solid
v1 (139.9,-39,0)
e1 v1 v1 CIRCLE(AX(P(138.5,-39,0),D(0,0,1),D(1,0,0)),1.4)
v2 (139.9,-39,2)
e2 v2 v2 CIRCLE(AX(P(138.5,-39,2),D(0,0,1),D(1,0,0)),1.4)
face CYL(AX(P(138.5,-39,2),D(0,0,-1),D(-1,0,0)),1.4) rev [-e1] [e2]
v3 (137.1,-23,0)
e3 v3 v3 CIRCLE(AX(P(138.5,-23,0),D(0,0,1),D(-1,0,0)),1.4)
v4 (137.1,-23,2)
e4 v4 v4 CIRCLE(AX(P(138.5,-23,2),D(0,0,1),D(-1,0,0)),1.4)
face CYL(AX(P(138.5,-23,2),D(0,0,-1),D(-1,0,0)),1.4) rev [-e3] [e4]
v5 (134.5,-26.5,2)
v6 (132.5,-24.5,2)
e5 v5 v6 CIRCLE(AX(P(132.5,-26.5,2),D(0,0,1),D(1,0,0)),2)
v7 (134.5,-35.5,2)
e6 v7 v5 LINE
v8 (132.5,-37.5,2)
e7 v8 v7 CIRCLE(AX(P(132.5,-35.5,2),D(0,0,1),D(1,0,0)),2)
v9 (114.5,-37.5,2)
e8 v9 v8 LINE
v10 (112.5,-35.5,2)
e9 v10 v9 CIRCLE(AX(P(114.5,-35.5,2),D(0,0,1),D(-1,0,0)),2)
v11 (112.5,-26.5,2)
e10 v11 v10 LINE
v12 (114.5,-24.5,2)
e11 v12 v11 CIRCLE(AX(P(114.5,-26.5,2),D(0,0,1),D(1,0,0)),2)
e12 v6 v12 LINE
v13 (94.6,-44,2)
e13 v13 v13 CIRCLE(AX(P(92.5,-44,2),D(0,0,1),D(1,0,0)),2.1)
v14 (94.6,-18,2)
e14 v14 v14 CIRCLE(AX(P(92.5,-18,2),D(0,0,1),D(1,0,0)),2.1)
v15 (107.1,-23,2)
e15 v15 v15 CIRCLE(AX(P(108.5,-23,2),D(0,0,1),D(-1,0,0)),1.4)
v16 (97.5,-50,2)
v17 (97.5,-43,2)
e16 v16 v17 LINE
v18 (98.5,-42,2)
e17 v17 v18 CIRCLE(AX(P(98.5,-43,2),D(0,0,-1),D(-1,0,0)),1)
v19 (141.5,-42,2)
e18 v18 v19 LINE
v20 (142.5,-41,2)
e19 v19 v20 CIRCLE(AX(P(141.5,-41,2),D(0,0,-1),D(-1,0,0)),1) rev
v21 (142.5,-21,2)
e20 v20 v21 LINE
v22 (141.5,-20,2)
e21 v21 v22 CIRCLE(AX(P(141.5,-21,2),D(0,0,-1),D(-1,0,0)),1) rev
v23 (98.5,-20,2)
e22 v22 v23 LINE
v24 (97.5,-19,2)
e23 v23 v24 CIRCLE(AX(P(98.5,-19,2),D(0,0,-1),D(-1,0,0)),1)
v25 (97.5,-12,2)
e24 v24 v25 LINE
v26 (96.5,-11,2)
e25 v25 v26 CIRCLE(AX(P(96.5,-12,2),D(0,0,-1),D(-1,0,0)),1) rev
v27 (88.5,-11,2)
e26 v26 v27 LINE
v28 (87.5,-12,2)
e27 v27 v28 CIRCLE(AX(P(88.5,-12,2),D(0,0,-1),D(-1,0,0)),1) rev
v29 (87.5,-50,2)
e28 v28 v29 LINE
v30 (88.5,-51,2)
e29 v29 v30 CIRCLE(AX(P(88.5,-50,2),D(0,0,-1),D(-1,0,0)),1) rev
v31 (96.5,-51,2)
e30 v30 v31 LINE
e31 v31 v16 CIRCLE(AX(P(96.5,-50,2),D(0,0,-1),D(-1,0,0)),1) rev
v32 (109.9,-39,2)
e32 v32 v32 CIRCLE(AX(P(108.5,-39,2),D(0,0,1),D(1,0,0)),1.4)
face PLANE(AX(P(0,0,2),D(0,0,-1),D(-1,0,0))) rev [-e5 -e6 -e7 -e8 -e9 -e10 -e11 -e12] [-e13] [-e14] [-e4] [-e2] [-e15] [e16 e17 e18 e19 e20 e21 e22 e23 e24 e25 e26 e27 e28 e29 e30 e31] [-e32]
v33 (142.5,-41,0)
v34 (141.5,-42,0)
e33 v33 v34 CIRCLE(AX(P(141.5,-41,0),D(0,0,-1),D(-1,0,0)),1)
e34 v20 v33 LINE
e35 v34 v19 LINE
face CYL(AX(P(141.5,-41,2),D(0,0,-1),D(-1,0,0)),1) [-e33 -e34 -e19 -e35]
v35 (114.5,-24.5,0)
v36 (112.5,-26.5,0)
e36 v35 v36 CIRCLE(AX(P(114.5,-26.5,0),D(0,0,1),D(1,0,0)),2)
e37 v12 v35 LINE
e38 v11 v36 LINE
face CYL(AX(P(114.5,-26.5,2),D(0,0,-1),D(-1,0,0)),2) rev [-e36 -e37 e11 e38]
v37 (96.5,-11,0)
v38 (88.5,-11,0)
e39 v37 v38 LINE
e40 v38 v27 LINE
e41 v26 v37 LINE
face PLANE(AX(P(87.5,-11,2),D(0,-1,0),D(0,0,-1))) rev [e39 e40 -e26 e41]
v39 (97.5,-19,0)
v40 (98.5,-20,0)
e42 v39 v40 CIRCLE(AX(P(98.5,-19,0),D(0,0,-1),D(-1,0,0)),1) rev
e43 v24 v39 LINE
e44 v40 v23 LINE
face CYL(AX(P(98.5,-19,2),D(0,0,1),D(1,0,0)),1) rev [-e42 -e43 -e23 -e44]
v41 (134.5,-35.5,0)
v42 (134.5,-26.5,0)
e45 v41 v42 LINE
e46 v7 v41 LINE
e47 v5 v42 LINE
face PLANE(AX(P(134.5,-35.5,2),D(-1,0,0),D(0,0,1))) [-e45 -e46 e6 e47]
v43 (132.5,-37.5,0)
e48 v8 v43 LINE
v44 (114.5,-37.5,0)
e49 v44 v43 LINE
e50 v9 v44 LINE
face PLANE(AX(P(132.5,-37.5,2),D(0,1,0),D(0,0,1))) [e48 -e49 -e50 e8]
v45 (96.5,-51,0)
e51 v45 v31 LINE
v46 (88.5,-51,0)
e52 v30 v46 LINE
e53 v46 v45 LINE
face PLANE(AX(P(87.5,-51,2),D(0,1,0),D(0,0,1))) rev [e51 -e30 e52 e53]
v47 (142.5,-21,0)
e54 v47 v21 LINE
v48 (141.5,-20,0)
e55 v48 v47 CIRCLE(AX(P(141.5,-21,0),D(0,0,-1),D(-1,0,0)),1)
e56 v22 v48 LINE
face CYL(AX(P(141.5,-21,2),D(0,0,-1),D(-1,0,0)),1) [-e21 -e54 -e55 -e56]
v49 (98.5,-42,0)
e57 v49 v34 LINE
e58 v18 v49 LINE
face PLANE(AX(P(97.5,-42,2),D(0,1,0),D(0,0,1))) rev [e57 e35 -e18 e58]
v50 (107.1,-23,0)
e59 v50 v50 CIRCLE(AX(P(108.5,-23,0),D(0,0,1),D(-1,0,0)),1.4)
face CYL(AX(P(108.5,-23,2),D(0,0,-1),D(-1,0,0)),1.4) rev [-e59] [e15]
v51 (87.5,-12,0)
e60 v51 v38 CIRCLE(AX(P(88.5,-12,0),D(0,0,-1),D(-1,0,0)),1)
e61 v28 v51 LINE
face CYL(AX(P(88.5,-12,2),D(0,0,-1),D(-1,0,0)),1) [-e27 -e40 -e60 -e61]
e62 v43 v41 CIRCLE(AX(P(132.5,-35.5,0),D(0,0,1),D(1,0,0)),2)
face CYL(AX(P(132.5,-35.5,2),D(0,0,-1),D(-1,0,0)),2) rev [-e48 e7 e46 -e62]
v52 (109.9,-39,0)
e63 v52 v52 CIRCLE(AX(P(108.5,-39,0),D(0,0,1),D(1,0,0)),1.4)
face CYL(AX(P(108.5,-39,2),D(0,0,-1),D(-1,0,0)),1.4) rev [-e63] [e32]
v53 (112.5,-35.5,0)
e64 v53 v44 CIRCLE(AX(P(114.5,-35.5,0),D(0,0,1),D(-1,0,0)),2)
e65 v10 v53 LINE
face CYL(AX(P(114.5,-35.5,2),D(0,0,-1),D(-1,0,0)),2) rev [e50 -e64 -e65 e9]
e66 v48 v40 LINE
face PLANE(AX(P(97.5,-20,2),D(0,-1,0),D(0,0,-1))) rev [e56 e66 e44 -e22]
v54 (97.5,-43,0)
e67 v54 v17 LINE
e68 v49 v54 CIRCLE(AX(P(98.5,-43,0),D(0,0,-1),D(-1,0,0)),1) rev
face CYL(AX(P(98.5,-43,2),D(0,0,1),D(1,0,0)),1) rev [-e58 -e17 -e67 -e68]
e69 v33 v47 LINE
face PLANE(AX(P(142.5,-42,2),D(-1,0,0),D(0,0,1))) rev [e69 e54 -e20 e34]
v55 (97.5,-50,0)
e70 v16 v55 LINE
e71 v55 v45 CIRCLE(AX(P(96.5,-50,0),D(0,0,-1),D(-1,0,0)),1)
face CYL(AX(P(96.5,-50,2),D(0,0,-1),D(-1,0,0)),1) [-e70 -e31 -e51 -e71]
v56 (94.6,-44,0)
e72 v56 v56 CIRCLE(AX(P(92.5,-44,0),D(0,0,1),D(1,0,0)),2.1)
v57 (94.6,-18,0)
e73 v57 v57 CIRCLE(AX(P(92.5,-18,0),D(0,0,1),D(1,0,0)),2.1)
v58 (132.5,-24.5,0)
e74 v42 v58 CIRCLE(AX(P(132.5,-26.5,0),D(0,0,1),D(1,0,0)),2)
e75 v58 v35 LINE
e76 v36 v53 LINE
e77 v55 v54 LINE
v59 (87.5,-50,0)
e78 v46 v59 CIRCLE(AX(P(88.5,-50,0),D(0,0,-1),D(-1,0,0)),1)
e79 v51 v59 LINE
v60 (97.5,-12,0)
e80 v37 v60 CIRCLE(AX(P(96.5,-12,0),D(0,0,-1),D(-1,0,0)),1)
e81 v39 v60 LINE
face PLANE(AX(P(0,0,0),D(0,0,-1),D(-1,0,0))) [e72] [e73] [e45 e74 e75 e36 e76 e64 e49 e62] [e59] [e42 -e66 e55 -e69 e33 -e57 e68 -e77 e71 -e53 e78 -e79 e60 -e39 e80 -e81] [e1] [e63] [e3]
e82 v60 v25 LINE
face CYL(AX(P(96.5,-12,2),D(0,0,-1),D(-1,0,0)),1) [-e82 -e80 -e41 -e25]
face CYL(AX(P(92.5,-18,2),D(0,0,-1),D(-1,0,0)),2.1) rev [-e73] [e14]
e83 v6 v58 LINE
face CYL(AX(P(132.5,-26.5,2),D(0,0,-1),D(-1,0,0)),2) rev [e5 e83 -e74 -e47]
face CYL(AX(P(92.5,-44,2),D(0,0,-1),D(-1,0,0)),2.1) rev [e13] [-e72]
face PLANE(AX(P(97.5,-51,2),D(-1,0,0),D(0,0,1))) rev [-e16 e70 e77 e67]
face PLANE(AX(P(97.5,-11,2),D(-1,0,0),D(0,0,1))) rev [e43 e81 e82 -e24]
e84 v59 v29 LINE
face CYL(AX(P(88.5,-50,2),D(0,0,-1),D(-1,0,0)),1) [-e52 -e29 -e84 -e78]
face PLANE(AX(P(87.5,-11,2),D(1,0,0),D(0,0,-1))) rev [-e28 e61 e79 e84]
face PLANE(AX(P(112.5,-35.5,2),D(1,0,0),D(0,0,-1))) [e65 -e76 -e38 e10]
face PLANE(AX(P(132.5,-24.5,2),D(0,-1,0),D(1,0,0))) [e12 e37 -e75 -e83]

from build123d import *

# Parameters (mm, degrees)
SKETCH_1_R      = 2.1
SKETCH_1_R_2    = 1.4
EXTRUDE_1_DEPTH = 2
FILLET_1_R      = 1


with BuildPart() as part:
    # 草图1 → 凸台-拉伸1 (new body)
    with BuildSketch(Plane.XY):
        Polygon((87.5, -11), (87.5, -51), (97.5, -51), (97.5, -42), (142.5, -42), (142.5, -20), (97.5, -20), (97.5, -11), align=None)
        with Locations((92.5, -18)):
            Circle(SKETCH_1_R, mode=Mode.SUBTRACT)
        with Locations((92.5, -44)):
            Circle(SKETCH_1_R, mode=Mode.SUBTRACT)
        with Locations((138.5, -39)):
            Circle(SKETCH_1_R_2, mode=Mode.SUBTRACT)
        with Locations((108.5, -39)):
            Circle(SKETCH_1_R_2, mode=Mode.SUBTRACT)
        with Locations(Location((108.5, -23, 0), (0, 0, 180))):
            Circle(SKETCH_1_R_2, mode=Mode.SUBTRACT)
        with Locations(Location((138.5, -23, 0), (0, 0, 180))):
            Circle(SKETCH_1_R_2, mode=Mode.SUBTRACT)
        with BuildLine():
            Line((132.5, -37.5), (114.5, -37.5))
            ThreePointArc((114.5, -37.5), (113.085786438, -36.914213562), (112.5, -35.5))
            Line((112.5, -35.5), (112.5, -26.5))
            ThreePointArc((112.5, -26.5), (113.085786438, -25.085786438), (114.5, -24.5))
            Line((114.5, -24.5), (132.5, -24.5))
            ThreePointArc((132.5, -24.5), (133.914213562, -25.085786438), (134.5, -26.5))
            Line((134.5, -26.5), (134.5, -35.5))
            ThreePointArc((134.5, -35.5), (133.914213562, -36.914213562), (132.5, -37.5))
        make_face(mode=Mode.SUBTRACT)
    extrude(amount=EXTRUDE_1_DEPTH)

    # 圆角1
    fillet_1_edges = [part.edges().sort_by_distance(p)[0] for p in [
        (97.5, -11, 1),
        (97.5, -20, 1),
        (142.5, -20, 1),
        (142.5, -42, 1),
        (97.5, -42, 1),
        (97.5, -51, 1),
        (87.5, -51, 1),
        (87.5, -11, 1),
    ]]
    fillet(fillet_1_edges, radius=FILLET_1_R)


solid = part.part
